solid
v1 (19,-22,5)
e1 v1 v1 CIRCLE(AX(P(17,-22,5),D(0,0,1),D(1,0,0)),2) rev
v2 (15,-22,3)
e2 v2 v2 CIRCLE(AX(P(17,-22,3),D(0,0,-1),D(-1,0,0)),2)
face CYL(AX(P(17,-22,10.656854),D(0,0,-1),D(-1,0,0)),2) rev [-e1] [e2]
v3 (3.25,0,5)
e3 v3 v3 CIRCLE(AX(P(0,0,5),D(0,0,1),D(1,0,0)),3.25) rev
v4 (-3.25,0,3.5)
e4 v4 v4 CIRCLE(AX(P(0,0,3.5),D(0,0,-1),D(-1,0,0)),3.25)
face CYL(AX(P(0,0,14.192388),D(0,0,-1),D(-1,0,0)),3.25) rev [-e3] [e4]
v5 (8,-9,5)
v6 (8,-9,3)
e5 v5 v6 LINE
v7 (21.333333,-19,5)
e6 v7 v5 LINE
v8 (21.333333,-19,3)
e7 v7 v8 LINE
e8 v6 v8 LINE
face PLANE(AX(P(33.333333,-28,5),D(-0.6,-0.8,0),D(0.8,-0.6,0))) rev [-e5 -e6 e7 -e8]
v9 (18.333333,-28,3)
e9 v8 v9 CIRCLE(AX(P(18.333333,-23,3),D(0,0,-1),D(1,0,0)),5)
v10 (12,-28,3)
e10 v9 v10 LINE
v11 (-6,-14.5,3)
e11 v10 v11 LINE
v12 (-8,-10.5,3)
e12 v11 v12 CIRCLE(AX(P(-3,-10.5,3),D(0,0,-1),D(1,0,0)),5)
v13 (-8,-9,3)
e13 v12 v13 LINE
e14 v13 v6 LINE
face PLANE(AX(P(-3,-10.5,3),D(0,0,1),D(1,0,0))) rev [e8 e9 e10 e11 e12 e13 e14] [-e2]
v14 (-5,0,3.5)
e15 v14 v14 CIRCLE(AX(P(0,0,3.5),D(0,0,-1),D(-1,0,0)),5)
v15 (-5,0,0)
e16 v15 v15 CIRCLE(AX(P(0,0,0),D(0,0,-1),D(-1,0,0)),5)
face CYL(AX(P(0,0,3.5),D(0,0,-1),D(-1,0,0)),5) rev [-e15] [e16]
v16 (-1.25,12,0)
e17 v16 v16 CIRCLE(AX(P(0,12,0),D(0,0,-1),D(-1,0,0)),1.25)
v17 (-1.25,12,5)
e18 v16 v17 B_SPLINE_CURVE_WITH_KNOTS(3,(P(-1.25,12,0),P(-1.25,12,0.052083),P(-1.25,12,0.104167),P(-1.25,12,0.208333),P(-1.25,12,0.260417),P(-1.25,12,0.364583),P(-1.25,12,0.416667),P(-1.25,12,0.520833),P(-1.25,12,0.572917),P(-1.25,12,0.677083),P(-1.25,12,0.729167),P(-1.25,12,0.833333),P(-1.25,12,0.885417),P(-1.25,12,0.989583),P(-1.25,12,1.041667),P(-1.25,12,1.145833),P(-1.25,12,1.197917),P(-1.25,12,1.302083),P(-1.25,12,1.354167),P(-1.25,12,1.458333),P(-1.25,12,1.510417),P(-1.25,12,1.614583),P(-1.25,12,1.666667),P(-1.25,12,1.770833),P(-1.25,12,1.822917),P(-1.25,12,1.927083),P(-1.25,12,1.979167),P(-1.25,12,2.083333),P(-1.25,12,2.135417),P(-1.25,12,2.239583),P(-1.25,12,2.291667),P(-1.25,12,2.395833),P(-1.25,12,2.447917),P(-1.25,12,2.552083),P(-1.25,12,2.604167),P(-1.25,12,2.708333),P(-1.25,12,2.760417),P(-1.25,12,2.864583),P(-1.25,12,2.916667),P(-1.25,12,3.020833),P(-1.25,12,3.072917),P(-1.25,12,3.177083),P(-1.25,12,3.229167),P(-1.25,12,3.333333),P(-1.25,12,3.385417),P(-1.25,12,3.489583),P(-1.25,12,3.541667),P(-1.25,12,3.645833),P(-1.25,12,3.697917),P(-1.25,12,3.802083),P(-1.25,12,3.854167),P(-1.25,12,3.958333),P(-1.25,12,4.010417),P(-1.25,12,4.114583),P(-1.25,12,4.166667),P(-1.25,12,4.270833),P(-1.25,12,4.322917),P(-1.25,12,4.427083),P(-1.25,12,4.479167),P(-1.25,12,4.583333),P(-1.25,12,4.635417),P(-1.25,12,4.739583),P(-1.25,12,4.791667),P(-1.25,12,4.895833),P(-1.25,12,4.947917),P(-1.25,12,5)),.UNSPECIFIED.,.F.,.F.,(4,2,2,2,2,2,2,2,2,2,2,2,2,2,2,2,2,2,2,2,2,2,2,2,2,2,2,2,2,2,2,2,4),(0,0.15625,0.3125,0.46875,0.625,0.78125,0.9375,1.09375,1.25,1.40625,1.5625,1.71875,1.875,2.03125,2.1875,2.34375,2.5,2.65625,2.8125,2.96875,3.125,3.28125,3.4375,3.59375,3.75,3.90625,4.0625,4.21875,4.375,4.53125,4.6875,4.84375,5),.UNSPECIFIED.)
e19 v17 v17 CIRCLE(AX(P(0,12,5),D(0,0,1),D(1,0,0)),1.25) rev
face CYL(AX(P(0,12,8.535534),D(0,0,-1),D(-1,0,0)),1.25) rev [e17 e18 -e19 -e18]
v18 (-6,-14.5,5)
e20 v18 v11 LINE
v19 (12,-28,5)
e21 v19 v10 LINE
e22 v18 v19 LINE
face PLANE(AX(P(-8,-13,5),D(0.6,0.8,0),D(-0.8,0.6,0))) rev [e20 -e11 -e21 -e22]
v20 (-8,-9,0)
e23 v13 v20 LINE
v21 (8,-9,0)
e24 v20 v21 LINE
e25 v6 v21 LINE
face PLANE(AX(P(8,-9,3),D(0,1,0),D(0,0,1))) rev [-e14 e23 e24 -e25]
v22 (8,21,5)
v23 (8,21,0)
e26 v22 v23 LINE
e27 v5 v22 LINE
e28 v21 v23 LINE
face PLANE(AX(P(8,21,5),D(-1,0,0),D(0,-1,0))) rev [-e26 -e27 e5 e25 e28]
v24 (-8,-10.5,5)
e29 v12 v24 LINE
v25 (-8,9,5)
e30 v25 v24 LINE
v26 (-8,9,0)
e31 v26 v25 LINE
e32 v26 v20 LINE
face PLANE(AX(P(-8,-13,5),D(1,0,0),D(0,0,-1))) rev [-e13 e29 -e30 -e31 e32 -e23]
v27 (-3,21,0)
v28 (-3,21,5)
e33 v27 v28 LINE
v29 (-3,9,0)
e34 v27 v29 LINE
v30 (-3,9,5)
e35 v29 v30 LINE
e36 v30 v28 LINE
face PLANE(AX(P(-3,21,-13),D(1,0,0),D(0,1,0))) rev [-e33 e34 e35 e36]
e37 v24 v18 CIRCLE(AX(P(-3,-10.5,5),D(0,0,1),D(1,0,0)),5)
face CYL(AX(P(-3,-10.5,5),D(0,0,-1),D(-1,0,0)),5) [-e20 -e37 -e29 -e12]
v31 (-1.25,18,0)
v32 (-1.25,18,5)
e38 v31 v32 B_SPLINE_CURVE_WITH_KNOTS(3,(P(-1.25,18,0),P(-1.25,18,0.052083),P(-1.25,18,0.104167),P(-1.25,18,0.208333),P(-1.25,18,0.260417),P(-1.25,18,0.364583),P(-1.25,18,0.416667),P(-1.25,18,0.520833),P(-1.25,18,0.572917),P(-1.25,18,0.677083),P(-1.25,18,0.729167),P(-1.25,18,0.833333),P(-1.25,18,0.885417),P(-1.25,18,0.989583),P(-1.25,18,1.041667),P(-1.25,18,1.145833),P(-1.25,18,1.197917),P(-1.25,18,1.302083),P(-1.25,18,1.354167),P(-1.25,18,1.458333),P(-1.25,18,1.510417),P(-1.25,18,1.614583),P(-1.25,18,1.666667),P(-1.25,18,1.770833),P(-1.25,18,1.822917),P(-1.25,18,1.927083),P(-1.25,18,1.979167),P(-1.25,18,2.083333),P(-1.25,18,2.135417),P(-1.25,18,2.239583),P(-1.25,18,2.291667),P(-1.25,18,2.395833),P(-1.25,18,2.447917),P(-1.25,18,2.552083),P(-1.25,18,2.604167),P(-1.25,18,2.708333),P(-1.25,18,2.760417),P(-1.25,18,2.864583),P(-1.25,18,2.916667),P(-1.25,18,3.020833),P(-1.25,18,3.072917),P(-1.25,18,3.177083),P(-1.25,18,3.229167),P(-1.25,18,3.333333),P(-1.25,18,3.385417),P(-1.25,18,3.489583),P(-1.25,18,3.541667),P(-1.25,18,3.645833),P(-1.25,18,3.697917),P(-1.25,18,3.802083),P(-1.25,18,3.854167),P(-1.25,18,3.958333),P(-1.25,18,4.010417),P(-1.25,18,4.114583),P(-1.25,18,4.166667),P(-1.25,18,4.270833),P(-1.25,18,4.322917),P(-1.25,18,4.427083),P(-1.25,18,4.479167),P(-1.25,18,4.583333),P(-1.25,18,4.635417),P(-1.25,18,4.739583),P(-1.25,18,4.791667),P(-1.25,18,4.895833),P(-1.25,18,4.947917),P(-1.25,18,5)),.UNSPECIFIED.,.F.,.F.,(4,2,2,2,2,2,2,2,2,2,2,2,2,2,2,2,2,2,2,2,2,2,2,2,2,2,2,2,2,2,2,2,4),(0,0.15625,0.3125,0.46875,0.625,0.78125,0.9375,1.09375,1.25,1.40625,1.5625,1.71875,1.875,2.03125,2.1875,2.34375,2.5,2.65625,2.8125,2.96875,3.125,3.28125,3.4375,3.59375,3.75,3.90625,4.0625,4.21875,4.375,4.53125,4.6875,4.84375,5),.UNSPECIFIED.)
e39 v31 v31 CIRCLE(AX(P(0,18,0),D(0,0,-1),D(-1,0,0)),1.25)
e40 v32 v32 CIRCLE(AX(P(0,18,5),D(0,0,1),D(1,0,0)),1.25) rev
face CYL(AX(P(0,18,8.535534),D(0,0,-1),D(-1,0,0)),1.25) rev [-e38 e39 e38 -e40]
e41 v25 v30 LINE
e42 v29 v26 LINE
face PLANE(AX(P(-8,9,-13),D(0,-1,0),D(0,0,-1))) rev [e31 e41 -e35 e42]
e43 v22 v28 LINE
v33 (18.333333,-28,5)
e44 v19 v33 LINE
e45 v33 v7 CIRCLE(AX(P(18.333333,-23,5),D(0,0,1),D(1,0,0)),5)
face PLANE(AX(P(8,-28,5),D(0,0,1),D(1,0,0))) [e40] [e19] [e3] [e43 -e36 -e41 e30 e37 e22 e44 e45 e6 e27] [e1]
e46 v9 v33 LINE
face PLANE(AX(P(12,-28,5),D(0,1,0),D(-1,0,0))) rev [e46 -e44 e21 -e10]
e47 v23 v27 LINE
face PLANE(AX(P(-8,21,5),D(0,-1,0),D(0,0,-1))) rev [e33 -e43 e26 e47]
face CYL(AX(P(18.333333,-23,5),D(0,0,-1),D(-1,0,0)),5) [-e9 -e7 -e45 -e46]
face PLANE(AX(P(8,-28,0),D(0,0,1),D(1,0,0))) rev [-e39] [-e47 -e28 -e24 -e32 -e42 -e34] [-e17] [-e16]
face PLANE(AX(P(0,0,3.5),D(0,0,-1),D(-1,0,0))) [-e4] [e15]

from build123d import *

# Parameters (mm, degrees)
EXTRUDE1_DEPTH        = 5
SKETCH3_R             = 5
EXTRUDE3_DEPTH        = 3.5
SKETCH4_R             = 3.25
EXTRUDE4_DEPTH        = 1.5
SKETCH5_W             = 5
SKETCH5_H             = 12
EXTRUDE5_DEPTH        = 5
SKETCH6_R             = 1.25
EXTRUDE6_DEPTH        = 5
FILLET1_R             = 5
EXTRUDE7_START        = -3
EXTRUDE7_DEPTH        = 3
SKETCH8_R             = 2
EXTRUDE8_DEPTH        = 2
M3_TAPPED_HOLE1_D     = 2.5
M3_TAPPED_HOLE1_DEPTH = 8
M3_TAPPED_HOLE1_TIP   = 0.751075774


with BuildPart() as part:
    # Sketch1 → Extrude1 (new body)
    with BuildSketch(Plane.XY):
        Polygon((-8, -13), (12, -28), (33.333333333, -28), (8, -9), (8, 21), (-8, 21), align=None)
    extrude(amount=EXTRUDE1_DEPTH)

    # Sketch3 → Extrude3 (cut)
    with BuildSketch(Plane(origin=(0, 0, 0), x_dir=(-1, 0, 0), z_dir=(0, 0, -1))):
        Circle(SKETCH3_R)
    extrude(amount=-EXTRUDE3_DEPTH, mode=Mode.SUBTRACT)

    # Sketch4 → Extrude4 (cut)
    with BuildSketch(Plane(origin=(0, 0, 3.5), x_dir=(-1, 0, 0), z_dir=(0, 0, -1))):
        Circle(SKETCH4_R)
    extrude(amount=-EXTRUDE4_DEPTH, mode=Mode.SUBTRACT)

    # Sketch5 → Extrude5 (cut)
    with BuildSketch(Plane.XY.offset(5)):
        with Locations((-5.5, 15)):
            Rectangle(SKETCH5_W, SKETCH5_H)
    extrude(amount=-EXTRUDE5_DEPTH, mode=Mode.SUBTRACT)

    # Sketch6 → Extrude6 (cut)
    with BuildSketch(Plane(origin=(0, 0, 0), x_dir=(-1, 0, 0), z_dir=(0, 0, -1))):
        with Locations((0, 18)):
            Circle(SKETCH6_R)
        with Locations((0, 12)):
            Circle(SKETCH6_R)
    extrude(amount=-EXTRUDE6_DEPTH, mode=Mode.SUBTRACT)

    # Fillet1
    fillet1_edges = [part.edges().sort_by_distance(p)[0] for p in [
        (33.333333333, -28, 2.5),
        (-8, -13, 2.5),
    ]]
    fillet(fillet1_edges, radius=FILLET1_R)

    # Sketch7 → Extrude7 (cut)
    with BuildSketch(Plane(origin=(0, 0, 0), x_dir=(-1, 0, 0), z_dir=(0, 0, -1)).offset(EXTRUDE7_START)):
        with BuildLine():
            Line((-8, -9), (8, -9))
            Line((8, -9), (8, -10.5))
            ThreePointArc((8, -10.5), (7.472135955, -12.736067977), (6, -14.5))
            Line((6, -14.5), (-12, -28))
            Line((-12, -28), (-18.333333333, -28))
            ThreePointArc((-18.333333333, -28), (-23.076749824, -24.58113883), (-21.333333333, -19))
            Line((-21.333333333, -19), (-8, -9))
        make_face()
    extrude(amount=EXTRUDE7_DEPTH, mode=Mode.SUBTRACT)

    # Sketch8 → Extrude8 (cut)
    with BuildSketch(Plane(origin=(0, 0, 3), x_dir=(-1, 0, 0), z_dir=(0, 0, -1))):
        with Locations((-17, -22)):
            Circle(SKETCH8_R)
    extrude(amount=-EXTRUDE8_DEPTH, mode=Mode.SUBTRACT)

    # M3 Tapped Hole1
    with Locations(Plane(origin=(0, 18, 0), x_dir=(-1, 0, 0), z_dir=(0, 0, -1))):
        with Locations((0, 0), (0, -6)):
            Hole(M3_TAPPED_HOLE1_D / 2, depth=M3_TAPPED_HOLE1_DEPTH)
            with Locations((0, 0, -(M3_TAPPED_HOLE1_DEPTH + M3_TAPPED_HOLE1_TIP / 2))):  # 118° drill point
                Cone(0, M3_TAPPED_HOLE1_D / 2, M3_TAPPED_HOLE1_TIP, mode=Mode.SUBTRACT)


solid = part.part
